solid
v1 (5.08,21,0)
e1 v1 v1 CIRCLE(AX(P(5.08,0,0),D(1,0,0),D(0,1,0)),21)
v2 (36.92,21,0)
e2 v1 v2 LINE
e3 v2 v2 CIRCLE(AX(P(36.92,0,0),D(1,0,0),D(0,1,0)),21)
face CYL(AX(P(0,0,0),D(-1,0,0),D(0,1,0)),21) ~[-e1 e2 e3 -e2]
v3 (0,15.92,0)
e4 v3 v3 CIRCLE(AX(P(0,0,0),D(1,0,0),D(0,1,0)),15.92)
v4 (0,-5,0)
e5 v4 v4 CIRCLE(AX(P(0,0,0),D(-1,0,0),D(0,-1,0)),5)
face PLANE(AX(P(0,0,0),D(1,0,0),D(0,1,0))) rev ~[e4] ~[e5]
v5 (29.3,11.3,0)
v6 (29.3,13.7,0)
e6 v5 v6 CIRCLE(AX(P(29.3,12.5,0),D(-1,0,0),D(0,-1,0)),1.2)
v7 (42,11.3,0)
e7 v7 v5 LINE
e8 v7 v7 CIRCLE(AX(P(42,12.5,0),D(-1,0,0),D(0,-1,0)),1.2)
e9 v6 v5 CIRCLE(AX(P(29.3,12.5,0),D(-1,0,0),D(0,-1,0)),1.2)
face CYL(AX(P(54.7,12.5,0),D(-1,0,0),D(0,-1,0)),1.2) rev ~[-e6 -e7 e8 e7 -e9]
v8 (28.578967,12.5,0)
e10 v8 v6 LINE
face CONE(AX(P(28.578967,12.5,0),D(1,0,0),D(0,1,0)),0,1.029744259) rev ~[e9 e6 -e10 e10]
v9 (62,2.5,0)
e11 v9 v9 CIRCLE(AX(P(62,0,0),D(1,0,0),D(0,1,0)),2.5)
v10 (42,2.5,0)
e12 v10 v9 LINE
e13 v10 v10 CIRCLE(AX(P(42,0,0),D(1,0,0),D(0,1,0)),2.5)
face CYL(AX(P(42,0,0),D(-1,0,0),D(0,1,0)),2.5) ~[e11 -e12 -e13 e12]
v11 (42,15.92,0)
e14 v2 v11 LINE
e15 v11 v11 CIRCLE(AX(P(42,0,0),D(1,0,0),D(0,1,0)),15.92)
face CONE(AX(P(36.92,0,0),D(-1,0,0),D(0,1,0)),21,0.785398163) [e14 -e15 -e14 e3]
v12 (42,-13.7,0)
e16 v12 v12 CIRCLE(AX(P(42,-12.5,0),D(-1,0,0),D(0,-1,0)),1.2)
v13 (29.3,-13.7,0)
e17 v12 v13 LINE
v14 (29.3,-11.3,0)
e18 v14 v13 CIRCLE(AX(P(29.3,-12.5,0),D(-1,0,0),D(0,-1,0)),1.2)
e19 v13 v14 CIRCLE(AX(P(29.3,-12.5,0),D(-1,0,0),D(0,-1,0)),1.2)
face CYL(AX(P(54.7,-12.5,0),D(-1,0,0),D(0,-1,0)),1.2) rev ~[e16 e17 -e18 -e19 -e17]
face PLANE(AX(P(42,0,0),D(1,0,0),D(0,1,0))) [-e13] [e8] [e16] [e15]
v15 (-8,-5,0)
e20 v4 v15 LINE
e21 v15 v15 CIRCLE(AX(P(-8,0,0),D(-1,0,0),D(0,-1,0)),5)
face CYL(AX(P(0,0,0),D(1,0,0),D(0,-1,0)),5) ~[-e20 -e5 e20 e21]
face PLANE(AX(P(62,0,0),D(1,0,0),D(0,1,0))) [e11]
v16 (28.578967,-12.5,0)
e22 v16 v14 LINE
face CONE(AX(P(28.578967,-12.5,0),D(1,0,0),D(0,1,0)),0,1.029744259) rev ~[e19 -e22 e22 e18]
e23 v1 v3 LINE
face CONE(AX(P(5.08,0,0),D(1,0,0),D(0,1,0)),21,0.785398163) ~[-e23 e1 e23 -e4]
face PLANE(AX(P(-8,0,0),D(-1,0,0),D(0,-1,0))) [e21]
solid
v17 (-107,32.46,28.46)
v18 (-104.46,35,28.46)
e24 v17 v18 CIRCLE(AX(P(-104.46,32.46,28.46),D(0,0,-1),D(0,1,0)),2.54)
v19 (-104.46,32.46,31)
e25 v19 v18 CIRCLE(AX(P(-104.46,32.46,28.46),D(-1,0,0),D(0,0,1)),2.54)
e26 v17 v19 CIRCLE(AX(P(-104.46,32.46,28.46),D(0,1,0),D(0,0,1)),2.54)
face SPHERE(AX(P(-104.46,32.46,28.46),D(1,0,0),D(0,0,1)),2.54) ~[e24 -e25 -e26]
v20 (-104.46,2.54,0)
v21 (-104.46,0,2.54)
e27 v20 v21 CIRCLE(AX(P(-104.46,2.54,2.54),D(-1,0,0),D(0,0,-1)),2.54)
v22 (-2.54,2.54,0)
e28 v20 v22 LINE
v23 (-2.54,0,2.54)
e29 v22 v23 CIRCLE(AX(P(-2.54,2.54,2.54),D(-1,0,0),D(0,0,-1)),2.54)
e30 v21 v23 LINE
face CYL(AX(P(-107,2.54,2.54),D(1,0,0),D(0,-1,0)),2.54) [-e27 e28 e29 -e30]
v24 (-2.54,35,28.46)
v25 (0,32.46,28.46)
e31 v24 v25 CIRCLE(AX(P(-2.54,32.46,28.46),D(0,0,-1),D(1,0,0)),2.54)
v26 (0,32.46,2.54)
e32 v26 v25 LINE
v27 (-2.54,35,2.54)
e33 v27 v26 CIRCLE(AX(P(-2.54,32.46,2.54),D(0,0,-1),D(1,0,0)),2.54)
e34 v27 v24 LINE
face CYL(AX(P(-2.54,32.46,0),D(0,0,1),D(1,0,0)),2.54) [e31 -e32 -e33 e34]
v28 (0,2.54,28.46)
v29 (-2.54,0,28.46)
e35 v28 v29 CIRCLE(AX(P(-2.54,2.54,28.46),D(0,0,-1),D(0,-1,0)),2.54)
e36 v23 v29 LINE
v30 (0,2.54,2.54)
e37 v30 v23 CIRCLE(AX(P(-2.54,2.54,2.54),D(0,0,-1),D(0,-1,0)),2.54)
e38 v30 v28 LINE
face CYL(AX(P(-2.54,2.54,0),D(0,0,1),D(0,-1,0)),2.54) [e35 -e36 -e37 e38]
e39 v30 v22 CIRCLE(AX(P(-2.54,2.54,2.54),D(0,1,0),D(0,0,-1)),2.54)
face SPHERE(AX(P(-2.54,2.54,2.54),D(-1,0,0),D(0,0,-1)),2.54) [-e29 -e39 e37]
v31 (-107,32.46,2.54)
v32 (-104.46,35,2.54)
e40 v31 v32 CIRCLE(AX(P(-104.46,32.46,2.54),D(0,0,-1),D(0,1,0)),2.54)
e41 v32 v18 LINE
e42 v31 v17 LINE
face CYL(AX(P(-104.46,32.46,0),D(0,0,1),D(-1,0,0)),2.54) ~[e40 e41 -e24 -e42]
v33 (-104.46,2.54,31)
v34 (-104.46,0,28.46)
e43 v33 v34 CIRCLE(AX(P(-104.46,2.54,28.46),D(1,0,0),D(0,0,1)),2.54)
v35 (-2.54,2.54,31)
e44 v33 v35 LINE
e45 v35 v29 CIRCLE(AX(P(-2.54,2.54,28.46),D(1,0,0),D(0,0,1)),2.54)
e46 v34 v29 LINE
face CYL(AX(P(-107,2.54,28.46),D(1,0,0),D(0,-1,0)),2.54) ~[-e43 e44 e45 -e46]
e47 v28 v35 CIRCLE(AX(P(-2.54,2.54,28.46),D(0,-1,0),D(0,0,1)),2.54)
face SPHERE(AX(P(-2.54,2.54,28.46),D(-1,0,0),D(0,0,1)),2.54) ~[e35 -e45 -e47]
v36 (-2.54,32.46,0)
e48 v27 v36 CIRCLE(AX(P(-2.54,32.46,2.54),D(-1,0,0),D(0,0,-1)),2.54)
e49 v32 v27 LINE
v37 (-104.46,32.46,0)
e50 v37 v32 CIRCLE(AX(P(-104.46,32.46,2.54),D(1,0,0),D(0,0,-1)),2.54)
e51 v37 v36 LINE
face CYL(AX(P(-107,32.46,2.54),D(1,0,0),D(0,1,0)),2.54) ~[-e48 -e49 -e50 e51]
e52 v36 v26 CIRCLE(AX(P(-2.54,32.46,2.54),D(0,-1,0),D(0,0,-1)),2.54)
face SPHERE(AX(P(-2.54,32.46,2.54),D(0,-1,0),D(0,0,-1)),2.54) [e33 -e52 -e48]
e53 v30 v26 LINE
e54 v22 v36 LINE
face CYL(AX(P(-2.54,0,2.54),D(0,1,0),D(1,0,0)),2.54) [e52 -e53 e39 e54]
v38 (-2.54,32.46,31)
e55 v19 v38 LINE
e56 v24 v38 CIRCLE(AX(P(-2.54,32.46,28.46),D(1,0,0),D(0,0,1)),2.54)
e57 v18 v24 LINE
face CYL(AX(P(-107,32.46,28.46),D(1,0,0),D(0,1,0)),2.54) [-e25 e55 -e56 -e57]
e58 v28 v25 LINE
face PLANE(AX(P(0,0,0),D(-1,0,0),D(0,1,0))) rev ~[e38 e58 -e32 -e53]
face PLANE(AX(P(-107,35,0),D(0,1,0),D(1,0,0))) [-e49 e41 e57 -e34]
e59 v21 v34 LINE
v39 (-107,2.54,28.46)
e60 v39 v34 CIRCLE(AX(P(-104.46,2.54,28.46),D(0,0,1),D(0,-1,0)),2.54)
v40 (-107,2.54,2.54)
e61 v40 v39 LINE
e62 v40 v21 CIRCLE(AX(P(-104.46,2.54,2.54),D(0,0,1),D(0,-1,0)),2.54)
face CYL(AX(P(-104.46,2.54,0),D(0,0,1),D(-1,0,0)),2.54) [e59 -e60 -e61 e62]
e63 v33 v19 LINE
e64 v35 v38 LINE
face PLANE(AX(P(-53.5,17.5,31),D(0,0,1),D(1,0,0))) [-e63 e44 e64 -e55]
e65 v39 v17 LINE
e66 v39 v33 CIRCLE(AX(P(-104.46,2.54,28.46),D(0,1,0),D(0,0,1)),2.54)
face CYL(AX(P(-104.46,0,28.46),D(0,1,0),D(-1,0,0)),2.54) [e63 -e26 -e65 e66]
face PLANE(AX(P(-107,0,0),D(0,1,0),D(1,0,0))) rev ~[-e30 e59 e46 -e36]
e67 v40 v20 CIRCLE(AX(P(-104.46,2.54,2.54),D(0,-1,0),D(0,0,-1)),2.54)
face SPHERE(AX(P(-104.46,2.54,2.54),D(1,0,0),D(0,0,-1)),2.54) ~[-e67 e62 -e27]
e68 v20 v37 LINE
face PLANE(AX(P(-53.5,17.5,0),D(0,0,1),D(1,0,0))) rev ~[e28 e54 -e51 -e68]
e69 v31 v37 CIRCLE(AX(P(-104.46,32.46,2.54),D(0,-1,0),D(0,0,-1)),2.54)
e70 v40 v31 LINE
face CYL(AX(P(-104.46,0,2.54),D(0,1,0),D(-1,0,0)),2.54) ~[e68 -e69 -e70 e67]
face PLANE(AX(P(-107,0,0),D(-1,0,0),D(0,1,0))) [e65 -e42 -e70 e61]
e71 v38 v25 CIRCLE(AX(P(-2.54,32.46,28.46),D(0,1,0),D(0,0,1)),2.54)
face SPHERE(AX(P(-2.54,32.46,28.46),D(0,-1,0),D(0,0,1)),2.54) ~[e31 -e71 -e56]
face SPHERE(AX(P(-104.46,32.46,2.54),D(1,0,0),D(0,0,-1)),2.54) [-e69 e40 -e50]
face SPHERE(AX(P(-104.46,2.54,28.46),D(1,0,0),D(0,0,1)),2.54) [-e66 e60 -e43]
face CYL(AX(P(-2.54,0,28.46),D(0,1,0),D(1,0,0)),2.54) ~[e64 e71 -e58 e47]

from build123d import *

# Parameters (mm, degrees)
F0_R      = 21
F1_DEPTH  = 42
F2_SIZE2  = 5.08
F2_SIZE   = 5.08
F3_R      = 2.5
F4_DEPTH  = 20
F6_D      = 2.4
F6_DEPTH  = 12.7
F6_TIP    = 0.7210327428
F7_W      = 107
F7_H      = 35
F8_DEPTH  = 31
F9_R      = 2.54
F10_R     = 5
F11_DEPTH = 8


with BuildPart() as f1:
    # F0 (on Right) → F1 (new body)
    with BuildSketch(Plane.YZ):
        Circle(F0_R)
    extrude(amount=F1_DEPTH)

    # F2
    f2_edges = [f1.edges().sort_by_distance(p)[0] for p in [
        (0, -21, 0),
        (42, -21, 0),
    ]]
    chamfer(f2_edges, length=F2_SIZE, length2=F2_SIZE2)

    # F3 (on face) → F4 (join)
    with BuildSketch(Plane.YZ.offset(42)):
        Circle(F3_R)
    extrude(amount=F4_DEPTH)

    # F6
    with Locations(Plane.YZ.offset(42)):
        with Locations((-12.5, 0), (12.5, 0)):
            Hole(F6_D / 2, depth=F6_DEPTH)
            with Locations((0, 0, -(F6_DEPTH + F6_TIP / 2))):  # 118° drill point
                Cone(0, F6_D / 2, F6_TIP, mode=Mode.SUBTRACT)

    # F10 (on face) → F11 (join)
    with BuildSketch(Plane(origin=(0, 0, 0), x_dir=(0, -1, 0), z_dir=(-1, 0, 0))):
        Circle(F10_R)
    extrude(amount=F11_DEPTH)


with BuildPart() as f8:
    # F7 (on Top) → F8 (new body)
    with BuildSketch(Plane.XY):
        with Locations((-53.5, 17.5)):
            Rectangle(F7_W, F7_H)
    extrude(amount=F8_DEPTH)

    # F9
    f9_edges = [f8.edges().sort_by_distance(p)[0] for p in [
        (-53.5, 0, 31),
        (0, 17.5, 31),
        (-53.5, 35, 31),
        (-107, 17.5, 31),
        (-53.5, 0, 0),
        (0, 17.5, 0),
        (-53.5, 35, 0),
        (-107, 17.5, 0),
        (0, 35, 15.5),
        (-107, 35, 15.5),
        (-107, 0, 15.5),
        (0, 0, 15.5),
    ]]
    fillet(f9_edges, radius=F9_R)


solid = Compound([f1.part, f8.part])
